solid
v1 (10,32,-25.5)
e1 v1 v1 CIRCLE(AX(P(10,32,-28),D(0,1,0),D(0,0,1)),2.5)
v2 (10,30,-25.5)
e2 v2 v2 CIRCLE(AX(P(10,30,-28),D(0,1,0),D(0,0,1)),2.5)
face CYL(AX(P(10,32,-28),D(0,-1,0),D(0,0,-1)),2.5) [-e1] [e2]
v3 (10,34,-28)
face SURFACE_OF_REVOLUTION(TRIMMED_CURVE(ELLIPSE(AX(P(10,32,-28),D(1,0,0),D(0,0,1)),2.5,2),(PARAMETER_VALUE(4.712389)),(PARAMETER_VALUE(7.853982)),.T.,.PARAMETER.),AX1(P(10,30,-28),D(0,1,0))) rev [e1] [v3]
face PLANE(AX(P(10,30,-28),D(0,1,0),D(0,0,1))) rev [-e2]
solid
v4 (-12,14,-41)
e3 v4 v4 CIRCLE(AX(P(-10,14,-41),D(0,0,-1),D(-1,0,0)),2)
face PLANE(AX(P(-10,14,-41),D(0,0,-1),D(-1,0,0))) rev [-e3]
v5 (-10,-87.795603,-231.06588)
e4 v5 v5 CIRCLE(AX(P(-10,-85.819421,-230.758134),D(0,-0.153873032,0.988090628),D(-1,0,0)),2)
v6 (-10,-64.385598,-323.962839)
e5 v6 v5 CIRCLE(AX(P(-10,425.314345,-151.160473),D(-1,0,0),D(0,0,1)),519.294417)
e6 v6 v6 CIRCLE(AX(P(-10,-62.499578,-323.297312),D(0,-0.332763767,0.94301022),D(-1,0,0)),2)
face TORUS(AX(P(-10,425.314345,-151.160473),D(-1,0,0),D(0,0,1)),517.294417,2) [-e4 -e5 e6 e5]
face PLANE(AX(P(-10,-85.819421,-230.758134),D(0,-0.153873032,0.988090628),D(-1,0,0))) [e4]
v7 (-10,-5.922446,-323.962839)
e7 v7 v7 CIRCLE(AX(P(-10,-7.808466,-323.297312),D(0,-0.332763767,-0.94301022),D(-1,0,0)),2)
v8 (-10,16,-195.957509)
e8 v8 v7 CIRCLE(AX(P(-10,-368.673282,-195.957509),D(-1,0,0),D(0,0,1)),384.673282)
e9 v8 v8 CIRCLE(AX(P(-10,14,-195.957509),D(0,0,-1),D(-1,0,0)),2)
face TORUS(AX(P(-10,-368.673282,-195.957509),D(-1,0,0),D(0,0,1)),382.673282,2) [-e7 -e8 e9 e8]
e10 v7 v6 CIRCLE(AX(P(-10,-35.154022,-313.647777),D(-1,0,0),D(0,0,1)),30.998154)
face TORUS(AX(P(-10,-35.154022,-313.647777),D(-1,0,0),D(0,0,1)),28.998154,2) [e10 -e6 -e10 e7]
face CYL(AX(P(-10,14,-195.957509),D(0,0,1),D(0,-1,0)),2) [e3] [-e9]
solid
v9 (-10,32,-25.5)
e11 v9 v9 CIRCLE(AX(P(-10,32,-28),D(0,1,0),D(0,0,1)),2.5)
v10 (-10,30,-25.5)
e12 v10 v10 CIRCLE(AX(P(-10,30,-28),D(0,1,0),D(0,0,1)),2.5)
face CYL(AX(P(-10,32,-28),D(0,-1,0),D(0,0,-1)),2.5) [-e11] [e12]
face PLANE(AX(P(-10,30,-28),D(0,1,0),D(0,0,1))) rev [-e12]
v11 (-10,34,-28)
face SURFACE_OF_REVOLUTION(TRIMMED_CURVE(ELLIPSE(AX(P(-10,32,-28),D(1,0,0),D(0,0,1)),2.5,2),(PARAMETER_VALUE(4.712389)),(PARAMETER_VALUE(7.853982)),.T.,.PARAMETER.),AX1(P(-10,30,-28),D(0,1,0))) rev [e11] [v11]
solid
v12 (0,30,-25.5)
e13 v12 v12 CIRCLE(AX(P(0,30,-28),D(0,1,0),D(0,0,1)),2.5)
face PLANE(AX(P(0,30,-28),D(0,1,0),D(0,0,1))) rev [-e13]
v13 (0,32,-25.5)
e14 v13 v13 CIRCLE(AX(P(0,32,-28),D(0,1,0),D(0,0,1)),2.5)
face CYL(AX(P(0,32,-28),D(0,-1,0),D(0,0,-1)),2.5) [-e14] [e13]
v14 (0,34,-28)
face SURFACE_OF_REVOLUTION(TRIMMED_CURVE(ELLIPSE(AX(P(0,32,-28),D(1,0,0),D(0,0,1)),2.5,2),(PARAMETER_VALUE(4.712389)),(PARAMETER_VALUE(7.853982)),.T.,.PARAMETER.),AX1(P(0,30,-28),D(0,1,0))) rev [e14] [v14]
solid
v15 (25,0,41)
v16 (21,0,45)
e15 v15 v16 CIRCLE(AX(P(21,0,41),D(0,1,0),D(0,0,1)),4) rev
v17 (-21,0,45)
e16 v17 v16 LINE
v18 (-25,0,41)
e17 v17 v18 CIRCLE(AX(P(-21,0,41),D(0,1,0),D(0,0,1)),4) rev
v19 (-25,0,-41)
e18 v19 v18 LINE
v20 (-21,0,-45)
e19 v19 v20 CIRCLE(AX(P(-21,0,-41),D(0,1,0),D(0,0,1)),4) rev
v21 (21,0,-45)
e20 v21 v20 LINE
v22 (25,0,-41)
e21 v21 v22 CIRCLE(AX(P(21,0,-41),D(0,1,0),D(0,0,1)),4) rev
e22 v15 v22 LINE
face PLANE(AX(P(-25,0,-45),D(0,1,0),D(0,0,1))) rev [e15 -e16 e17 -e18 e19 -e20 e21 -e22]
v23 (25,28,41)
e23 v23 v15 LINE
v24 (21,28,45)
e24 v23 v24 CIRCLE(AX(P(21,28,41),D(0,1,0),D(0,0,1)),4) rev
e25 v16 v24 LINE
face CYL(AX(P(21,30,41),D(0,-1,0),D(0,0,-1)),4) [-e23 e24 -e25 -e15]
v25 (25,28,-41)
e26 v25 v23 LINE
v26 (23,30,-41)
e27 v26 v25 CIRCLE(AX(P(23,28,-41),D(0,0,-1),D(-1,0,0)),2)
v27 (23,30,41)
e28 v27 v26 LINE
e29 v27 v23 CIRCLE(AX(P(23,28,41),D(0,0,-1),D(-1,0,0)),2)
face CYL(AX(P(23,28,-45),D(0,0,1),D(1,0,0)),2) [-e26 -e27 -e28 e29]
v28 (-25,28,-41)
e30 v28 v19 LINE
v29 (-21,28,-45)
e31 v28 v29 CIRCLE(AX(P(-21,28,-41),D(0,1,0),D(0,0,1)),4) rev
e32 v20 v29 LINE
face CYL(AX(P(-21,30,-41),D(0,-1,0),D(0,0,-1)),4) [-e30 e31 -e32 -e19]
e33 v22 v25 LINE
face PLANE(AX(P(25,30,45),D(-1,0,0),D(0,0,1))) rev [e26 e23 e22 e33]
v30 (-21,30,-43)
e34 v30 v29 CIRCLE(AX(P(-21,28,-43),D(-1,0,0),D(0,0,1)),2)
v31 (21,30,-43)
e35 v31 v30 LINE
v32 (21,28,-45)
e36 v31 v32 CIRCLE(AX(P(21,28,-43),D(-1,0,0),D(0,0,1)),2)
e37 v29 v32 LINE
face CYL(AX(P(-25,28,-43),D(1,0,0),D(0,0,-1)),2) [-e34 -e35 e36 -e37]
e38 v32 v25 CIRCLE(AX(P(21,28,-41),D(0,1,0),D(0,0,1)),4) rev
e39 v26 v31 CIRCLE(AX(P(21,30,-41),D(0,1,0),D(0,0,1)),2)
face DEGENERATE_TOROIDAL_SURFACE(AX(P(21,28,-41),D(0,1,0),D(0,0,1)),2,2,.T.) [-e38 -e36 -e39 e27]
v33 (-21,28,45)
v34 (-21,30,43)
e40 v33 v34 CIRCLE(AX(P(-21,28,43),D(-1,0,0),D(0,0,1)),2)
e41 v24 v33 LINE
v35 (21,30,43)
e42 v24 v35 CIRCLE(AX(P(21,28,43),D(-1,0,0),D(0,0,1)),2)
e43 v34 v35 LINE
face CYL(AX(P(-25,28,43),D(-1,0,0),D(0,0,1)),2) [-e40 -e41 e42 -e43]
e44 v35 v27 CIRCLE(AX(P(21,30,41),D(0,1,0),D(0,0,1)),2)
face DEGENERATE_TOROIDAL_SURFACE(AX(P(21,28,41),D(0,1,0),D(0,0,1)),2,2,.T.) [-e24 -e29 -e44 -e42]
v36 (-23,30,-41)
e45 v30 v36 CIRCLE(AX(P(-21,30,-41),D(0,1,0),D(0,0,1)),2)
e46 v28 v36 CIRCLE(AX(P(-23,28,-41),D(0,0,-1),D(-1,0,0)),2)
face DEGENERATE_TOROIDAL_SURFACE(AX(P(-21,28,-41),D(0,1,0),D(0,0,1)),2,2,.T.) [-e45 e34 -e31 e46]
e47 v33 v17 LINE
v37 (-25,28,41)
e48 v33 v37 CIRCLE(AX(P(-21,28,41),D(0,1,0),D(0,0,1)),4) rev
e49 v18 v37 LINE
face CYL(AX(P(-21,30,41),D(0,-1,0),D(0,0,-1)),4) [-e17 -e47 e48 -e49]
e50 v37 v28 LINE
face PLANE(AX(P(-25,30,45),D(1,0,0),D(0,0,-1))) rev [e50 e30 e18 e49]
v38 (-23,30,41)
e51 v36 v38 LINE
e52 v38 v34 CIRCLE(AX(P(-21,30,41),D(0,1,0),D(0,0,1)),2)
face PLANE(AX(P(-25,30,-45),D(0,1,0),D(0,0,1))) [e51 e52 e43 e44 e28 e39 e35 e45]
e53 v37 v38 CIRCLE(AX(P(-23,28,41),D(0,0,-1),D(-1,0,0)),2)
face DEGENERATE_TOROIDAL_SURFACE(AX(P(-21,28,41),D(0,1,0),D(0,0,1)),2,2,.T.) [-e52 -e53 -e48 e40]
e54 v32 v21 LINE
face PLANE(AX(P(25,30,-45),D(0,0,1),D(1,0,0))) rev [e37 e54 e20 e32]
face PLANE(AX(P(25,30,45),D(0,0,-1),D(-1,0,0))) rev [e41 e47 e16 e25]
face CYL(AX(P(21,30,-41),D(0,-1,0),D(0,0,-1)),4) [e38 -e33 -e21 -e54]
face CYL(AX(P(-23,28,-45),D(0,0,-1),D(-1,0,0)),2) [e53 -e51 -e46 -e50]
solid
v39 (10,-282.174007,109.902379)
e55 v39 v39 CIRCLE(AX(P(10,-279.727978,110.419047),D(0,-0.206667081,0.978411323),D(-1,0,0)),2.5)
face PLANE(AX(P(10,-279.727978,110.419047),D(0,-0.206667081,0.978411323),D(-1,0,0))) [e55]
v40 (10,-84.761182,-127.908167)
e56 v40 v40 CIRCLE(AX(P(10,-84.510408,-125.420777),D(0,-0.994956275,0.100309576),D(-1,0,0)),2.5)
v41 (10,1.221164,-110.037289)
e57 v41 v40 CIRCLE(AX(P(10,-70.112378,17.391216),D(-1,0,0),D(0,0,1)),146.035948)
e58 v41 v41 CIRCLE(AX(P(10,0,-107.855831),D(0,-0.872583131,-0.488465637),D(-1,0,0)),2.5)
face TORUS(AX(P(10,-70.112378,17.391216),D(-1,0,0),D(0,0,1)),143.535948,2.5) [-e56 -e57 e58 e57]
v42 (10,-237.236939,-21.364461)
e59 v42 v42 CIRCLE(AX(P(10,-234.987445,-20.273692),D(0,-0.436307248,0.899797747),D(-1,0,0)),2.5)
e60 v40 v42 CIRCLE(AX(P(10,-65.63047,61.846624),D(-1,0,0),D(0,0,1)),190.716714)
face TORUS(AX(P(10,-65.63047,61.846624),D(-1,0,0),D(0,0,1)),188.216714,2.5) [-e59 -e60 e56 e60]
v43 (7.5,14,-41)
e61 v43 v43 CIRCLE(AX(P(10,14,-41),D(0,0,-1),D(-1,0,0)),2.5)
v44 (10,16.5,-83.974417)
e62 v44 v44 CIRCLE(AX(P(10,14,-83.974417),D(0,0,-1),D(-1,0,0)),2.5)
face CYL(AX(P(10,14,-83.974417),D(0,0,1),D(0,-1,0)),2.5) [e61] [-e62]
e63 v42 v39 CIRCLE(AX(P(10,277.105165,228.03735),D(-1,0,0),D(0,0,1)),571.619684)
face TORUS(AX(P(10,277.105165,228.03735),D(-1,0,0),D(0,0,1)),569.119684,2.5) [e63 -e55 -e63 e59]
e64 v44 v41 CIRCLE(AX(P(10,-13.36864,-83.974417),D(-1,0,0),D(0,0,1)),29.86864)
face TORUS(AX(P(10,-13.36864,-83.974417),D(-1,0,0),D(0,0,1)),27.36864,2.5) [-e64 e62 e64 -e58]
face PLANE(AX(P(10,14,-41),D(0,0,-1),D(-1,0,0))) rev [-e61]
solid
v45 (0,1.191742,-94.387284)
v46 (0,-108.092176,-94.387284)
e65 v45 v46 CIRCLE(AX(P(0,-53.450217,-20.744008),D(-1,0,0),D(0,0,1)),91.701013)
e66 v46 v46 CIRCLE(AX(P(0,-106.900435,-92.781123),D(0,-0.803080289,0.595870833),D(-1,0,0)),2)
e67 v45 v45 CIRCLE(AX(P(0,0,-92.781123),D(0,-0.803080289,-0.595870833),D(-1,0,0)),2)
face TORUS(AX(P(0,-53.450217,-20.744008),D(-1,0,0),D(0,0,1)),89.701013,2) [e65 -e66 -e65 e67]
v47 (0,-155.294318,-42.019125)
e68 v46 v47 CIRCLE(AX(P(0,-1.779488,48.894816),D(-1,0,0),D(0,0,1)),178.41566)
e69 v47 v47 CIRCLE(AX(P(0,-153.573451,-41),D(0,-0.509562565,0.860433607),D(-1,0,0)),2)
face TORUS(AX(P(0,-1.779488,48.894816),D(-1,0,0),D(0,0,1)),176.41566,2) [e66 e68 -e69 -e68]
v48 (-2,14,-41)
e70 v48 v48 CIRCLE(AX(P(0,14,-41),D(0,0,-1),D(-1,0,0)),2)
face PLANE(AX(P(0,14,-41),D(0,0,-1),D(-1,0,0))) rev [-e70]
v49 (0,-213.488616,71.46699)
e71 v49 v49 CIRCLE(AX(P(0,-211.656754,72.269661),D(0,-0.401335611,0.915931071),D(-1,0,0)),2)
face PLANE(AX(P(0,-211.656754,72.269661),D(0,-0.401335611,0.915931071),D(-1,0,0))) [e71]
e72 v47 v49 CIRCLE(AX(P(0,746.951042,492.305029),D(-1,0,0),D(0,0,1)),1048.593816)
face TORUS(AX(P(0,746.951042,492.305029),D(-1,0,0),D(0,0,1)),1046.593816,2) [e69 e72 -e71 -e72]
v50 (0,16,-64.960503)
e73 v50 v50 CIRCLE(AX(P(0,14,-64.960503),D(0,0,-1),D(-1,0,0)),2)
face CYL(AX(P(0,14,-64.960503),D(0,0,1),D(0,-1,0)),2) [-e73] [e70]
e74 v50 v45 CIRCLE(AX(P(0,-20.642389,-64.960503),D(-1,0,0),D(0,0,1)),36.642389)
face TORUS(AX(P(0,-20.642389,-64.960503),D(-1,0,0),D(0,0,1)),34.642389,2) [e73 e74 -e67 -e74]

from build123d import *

# Parameters (mm, degrees)
CROQUIS1_W          = 50
CROQUIS1_H          = 90
EXTRUIR1_DEPTH      = 30
REDONDEO1_R         = 4
REDONDEO2_R         = 2
CROQUIS2_R          = 2.5
EXTRUIR2_DEPTH      = 2
EXTRUIR2_2_DEPTH    = 2
EXTRUIR2_3_DEPTH    = 2
C_PULA1_FACE_RADIUS = 2.5
C_PULA1_HEIGHT      = 2
C_PULA2_FACE_RADIUS = 2.5
C_PULA2_HEIGHT      = 2
C_PULA3_FACE_RADIUS = 2.5
C_PULA3_HEIGHT      = 2
CROQUIS4_R          = 2
CROQUIS6_R          = 2
CROQUIS8_R          = 2.5


with BuildPart() as part:
    # Croquis1 → Extruir1 (new body)
    with BuildSketch(Plane(origin=(0, 0, 0), x_dir=(1, 0, 0), z_dir=(0, 1, 0))):
        Rectangle(CROQUIS1_W, CROQUIS1_H)
    extrude(amount=EXTRUIR1_DEPTH)

    # Redondeo1
    redondeo1_edges = [part.edges().sort_by_distance(p)[0] for p in [
        (25, 15, 45),
        (25, 15, -45),
        (-25, 15, 45),
        (-25, 15, -45),
    ]]
    fillet(redondeo1_edges, radius=REDONDEO1_R)

    # Redondeo2
    redondeo2_edges = [part.edges().sort_by_distance(p)[0] for p in [
        (-23.828427125, 30, -43.828427125),
        (0, 30, -45),
        (23.828427125, 30, -43.828427125),
        (25, 30, 0),
        (23.828427125, 30, 43.828427125),
        (0, 30, 45),
        (-23.828427125, 30, 43.828427125),
        (-25, 30, 0),
    ]]
    fillet(redondeo2_edges, radius=REDONDEO2_R)


with BuildPart() as body_2:
    # Croquis2 → Extruir2 (new body)
    with BuildSketch(Plane(origin=(0, 30, 0), x_dir=(1, 0, 0), z_dir=(0, 1, 0))):
        with Locations((0, 28)):
            Circle(CROQUIS2_R)
    extrude(amount=EXTRUIR2_DEPTH)

    # Cúpula2: an elliptical dome of height H over a round flat face of radius A is half a spheroid: the quarter ellipse of half axes A and H revolved about the face's axis
    with BuildSketch(Plane((0, 32, -28), x_dir=(0, 0, -1), z_dir=(1, 0, 0)), mode=Mode.PRIVATE) as c_pula2_quarter:
        Ellipse(C_PULA2_FACE_RADIUS, C_PULA2_HEIGHT)
        Rectangle(C_PULA2_FACE_RADIUS, C_PULA2_HEIGHT, align=(Align.MIN, Align.MIN), mode=Mode.INTERSECT)
    revolve(c_pula2_quarter.sketch, axis=Axis((0, 32, -28), (0, 1, 0)))


with BuildPart() as body_3:
    # Croquis2 → Extruir2 2 (new body)
    with BuildSketch(Plane(origin=(0, 30, 0), x_dir=(1, 0, 0), z_dir=(0, 1, 0))):
        with Locations((10, 28)):
            Circle(CROQUIS2_R)
    extrude(amount=EXTRUIR2_2_DEPTH)

    # Cúpula3: an elliptical dome of height H over a round flat face of radius A is half a spheroid: the quarter ellipse of half axes A and H revolved about the face's axis
    with BuildSketch(Plane((10, 32, -28), x_dir=(0, 0, -1), z_dir=(1, 0, 0)), mode=Mode.PRIVATE) as c_pula3_quarter:
        Ellipse(C_PULA3_FACE_RADIUS, C_PULA3_HEIGHT)
        Rectangle(C_PULA3_FACE_RADIUS, C_PULA3_HEIGHT, align=(Align.MIN, Align.MIN), mode=Mode.INTERSECT)
    revolve(c_pula3_quarter.sketch, axis=Axis((10, 32, -28), (0, 1, 0)))


with BuildPart() as body_4:
    # Croquis2 → Extruir2 3 (new body)
    with BuildSketch(Plane(origin=(0, 30, 0), x_dir=(1, 0, 0), z_dir=(0, 1, 0))):
        with Locations((-10, 28)):
            Circle(CROQUIS2_R)
    extrude(amount=EXTRUIR2_3_DEPTH)

    # Cúpula1: an elliptical dome of height H over a round flat face of radius A is half a spheroid: the quarter ellipse of half axes A and H revolved about the face's axis
    with BuildSketch(Plane((-10, 32, -28), x_dir=(0, 0, -1), z_dir=(1, 0, 0)), mode=Mode.PRIVATE) as c_pula1_quarter:
        Ellipse(C_PULA1_FACE_RADIUS, C_PULA1_HEIGHT)
        Rectangle(C_PULA1_FACE_RADIUS, C_PULA1_HEIGHT, align=(Align.MIN, Align.MIN), mode=Mode.INTERSECT)
    revolve(c_pula1_quarter.sketch, axis=Axis((-10, 32, -28), (0, 1, 0)))


with BuildPart() as body_5:
    # Barrer1: sweep along a path in Croquis3
    with BuildLine(Plane.ZY.offset(10)) as barrer1_path:
        Line((-41, 14), (-195.95750906, 14))
        ThreePointArc((-195.95750906, 14), (-260.554402508, 8.508480699), (-323.297311871, -7.808466074))
        ThreePointArc((-323.297311871, -7.808466074), (-342.645931096, -35.154021923), (-323.297311871, -62.499577772))
        ThreePointArc((-323.297311871, -62.499577772), (-277.566637098, -76.29805142), (-230.758133528, -85.819421267))
    # Croquis4 → Barrer1 (sweep)
    with BuildSketch(Plane(origin=(-10, 14, -41), x_dir=(-1, 0, 0), z_dir=(0, 0, -1))):
        Circle(CROQUIS4_R)
    sweep(path=barrer1_path.line)


with BuildPart() as body_6:
    # Barrer2: sweep along a path in Croquis5
    with BuildLine(Plane.ZY) as barrer2_path:
        Line((-41, 14), (-64.960502846, 14))
        ThreePointArc((-64.960502846, 14), (-80.532809237, 10.302697731), (-92.781122993, 0))
        ThreePointArc((-92.781122993, 0), (-110.445020576, -53.450217376), (-92.781122993, -106.900434752))
        ThreePointArc((-92.781122993, -106.900434752), (-69.218884546, -132.820088242), (-41, -153.573451167))
        ThreePointArc((-41, -153.573451167), (14.750952816, -184.338773867), (72.269660943, -211.656753955))
    # Croquis6 → Barrer2 (sweep)
    with BuildSketch(Plane(origin=(-10, 14, -41), x_dir=(-1, 0, 0), z_dir=(0, 0, -1))):
        with Locations((-10, 0)):
            Circle(CROQUIS6_R)
    sweep(path=barrer2_path.line)


with BuildPart() as body_7:
    # Barrer3: sweep along a path in Croquis7
    with BuildLine(Plane.ZY.offset(-10)) as barrer3_path:
        Line((-41, 14), (-83.974417466, 14))
        ThreePointArc((-83.974417466, 14), (-97.815677613, 10.241992682), (-107.855831365, 0))
        ThreePointArc((-107.855831365, 0), (-123.141394108, -40.903578695), (-125.420776539, -84.510408369))
        ThreePointArc((-125.420776539, -84.510408369), (-92.436460413, -173.437061543), (-20.273692429, -234.987444743))
        ThreePointArc((-20.273692429, -234.987444743), (43.710194273, -261.337695914), (110.419046786, -279.727978421))
    # Croquis8 → Barrer3 (sweep)
    with BuildSketch(Plane(origin=(-10, 14, -41), x_dir=(-1, 0, 0), z_dir=(0, 0, -1))):
        with Locations((-20, 0)):
            Circle(CROQUIS8_R)
    sweep(path=barrer3_path.line)


solid = Compound([part.part, body_2.part, body_3.part, body_4.part, body_5.part, body_6.part, body_7.part])
